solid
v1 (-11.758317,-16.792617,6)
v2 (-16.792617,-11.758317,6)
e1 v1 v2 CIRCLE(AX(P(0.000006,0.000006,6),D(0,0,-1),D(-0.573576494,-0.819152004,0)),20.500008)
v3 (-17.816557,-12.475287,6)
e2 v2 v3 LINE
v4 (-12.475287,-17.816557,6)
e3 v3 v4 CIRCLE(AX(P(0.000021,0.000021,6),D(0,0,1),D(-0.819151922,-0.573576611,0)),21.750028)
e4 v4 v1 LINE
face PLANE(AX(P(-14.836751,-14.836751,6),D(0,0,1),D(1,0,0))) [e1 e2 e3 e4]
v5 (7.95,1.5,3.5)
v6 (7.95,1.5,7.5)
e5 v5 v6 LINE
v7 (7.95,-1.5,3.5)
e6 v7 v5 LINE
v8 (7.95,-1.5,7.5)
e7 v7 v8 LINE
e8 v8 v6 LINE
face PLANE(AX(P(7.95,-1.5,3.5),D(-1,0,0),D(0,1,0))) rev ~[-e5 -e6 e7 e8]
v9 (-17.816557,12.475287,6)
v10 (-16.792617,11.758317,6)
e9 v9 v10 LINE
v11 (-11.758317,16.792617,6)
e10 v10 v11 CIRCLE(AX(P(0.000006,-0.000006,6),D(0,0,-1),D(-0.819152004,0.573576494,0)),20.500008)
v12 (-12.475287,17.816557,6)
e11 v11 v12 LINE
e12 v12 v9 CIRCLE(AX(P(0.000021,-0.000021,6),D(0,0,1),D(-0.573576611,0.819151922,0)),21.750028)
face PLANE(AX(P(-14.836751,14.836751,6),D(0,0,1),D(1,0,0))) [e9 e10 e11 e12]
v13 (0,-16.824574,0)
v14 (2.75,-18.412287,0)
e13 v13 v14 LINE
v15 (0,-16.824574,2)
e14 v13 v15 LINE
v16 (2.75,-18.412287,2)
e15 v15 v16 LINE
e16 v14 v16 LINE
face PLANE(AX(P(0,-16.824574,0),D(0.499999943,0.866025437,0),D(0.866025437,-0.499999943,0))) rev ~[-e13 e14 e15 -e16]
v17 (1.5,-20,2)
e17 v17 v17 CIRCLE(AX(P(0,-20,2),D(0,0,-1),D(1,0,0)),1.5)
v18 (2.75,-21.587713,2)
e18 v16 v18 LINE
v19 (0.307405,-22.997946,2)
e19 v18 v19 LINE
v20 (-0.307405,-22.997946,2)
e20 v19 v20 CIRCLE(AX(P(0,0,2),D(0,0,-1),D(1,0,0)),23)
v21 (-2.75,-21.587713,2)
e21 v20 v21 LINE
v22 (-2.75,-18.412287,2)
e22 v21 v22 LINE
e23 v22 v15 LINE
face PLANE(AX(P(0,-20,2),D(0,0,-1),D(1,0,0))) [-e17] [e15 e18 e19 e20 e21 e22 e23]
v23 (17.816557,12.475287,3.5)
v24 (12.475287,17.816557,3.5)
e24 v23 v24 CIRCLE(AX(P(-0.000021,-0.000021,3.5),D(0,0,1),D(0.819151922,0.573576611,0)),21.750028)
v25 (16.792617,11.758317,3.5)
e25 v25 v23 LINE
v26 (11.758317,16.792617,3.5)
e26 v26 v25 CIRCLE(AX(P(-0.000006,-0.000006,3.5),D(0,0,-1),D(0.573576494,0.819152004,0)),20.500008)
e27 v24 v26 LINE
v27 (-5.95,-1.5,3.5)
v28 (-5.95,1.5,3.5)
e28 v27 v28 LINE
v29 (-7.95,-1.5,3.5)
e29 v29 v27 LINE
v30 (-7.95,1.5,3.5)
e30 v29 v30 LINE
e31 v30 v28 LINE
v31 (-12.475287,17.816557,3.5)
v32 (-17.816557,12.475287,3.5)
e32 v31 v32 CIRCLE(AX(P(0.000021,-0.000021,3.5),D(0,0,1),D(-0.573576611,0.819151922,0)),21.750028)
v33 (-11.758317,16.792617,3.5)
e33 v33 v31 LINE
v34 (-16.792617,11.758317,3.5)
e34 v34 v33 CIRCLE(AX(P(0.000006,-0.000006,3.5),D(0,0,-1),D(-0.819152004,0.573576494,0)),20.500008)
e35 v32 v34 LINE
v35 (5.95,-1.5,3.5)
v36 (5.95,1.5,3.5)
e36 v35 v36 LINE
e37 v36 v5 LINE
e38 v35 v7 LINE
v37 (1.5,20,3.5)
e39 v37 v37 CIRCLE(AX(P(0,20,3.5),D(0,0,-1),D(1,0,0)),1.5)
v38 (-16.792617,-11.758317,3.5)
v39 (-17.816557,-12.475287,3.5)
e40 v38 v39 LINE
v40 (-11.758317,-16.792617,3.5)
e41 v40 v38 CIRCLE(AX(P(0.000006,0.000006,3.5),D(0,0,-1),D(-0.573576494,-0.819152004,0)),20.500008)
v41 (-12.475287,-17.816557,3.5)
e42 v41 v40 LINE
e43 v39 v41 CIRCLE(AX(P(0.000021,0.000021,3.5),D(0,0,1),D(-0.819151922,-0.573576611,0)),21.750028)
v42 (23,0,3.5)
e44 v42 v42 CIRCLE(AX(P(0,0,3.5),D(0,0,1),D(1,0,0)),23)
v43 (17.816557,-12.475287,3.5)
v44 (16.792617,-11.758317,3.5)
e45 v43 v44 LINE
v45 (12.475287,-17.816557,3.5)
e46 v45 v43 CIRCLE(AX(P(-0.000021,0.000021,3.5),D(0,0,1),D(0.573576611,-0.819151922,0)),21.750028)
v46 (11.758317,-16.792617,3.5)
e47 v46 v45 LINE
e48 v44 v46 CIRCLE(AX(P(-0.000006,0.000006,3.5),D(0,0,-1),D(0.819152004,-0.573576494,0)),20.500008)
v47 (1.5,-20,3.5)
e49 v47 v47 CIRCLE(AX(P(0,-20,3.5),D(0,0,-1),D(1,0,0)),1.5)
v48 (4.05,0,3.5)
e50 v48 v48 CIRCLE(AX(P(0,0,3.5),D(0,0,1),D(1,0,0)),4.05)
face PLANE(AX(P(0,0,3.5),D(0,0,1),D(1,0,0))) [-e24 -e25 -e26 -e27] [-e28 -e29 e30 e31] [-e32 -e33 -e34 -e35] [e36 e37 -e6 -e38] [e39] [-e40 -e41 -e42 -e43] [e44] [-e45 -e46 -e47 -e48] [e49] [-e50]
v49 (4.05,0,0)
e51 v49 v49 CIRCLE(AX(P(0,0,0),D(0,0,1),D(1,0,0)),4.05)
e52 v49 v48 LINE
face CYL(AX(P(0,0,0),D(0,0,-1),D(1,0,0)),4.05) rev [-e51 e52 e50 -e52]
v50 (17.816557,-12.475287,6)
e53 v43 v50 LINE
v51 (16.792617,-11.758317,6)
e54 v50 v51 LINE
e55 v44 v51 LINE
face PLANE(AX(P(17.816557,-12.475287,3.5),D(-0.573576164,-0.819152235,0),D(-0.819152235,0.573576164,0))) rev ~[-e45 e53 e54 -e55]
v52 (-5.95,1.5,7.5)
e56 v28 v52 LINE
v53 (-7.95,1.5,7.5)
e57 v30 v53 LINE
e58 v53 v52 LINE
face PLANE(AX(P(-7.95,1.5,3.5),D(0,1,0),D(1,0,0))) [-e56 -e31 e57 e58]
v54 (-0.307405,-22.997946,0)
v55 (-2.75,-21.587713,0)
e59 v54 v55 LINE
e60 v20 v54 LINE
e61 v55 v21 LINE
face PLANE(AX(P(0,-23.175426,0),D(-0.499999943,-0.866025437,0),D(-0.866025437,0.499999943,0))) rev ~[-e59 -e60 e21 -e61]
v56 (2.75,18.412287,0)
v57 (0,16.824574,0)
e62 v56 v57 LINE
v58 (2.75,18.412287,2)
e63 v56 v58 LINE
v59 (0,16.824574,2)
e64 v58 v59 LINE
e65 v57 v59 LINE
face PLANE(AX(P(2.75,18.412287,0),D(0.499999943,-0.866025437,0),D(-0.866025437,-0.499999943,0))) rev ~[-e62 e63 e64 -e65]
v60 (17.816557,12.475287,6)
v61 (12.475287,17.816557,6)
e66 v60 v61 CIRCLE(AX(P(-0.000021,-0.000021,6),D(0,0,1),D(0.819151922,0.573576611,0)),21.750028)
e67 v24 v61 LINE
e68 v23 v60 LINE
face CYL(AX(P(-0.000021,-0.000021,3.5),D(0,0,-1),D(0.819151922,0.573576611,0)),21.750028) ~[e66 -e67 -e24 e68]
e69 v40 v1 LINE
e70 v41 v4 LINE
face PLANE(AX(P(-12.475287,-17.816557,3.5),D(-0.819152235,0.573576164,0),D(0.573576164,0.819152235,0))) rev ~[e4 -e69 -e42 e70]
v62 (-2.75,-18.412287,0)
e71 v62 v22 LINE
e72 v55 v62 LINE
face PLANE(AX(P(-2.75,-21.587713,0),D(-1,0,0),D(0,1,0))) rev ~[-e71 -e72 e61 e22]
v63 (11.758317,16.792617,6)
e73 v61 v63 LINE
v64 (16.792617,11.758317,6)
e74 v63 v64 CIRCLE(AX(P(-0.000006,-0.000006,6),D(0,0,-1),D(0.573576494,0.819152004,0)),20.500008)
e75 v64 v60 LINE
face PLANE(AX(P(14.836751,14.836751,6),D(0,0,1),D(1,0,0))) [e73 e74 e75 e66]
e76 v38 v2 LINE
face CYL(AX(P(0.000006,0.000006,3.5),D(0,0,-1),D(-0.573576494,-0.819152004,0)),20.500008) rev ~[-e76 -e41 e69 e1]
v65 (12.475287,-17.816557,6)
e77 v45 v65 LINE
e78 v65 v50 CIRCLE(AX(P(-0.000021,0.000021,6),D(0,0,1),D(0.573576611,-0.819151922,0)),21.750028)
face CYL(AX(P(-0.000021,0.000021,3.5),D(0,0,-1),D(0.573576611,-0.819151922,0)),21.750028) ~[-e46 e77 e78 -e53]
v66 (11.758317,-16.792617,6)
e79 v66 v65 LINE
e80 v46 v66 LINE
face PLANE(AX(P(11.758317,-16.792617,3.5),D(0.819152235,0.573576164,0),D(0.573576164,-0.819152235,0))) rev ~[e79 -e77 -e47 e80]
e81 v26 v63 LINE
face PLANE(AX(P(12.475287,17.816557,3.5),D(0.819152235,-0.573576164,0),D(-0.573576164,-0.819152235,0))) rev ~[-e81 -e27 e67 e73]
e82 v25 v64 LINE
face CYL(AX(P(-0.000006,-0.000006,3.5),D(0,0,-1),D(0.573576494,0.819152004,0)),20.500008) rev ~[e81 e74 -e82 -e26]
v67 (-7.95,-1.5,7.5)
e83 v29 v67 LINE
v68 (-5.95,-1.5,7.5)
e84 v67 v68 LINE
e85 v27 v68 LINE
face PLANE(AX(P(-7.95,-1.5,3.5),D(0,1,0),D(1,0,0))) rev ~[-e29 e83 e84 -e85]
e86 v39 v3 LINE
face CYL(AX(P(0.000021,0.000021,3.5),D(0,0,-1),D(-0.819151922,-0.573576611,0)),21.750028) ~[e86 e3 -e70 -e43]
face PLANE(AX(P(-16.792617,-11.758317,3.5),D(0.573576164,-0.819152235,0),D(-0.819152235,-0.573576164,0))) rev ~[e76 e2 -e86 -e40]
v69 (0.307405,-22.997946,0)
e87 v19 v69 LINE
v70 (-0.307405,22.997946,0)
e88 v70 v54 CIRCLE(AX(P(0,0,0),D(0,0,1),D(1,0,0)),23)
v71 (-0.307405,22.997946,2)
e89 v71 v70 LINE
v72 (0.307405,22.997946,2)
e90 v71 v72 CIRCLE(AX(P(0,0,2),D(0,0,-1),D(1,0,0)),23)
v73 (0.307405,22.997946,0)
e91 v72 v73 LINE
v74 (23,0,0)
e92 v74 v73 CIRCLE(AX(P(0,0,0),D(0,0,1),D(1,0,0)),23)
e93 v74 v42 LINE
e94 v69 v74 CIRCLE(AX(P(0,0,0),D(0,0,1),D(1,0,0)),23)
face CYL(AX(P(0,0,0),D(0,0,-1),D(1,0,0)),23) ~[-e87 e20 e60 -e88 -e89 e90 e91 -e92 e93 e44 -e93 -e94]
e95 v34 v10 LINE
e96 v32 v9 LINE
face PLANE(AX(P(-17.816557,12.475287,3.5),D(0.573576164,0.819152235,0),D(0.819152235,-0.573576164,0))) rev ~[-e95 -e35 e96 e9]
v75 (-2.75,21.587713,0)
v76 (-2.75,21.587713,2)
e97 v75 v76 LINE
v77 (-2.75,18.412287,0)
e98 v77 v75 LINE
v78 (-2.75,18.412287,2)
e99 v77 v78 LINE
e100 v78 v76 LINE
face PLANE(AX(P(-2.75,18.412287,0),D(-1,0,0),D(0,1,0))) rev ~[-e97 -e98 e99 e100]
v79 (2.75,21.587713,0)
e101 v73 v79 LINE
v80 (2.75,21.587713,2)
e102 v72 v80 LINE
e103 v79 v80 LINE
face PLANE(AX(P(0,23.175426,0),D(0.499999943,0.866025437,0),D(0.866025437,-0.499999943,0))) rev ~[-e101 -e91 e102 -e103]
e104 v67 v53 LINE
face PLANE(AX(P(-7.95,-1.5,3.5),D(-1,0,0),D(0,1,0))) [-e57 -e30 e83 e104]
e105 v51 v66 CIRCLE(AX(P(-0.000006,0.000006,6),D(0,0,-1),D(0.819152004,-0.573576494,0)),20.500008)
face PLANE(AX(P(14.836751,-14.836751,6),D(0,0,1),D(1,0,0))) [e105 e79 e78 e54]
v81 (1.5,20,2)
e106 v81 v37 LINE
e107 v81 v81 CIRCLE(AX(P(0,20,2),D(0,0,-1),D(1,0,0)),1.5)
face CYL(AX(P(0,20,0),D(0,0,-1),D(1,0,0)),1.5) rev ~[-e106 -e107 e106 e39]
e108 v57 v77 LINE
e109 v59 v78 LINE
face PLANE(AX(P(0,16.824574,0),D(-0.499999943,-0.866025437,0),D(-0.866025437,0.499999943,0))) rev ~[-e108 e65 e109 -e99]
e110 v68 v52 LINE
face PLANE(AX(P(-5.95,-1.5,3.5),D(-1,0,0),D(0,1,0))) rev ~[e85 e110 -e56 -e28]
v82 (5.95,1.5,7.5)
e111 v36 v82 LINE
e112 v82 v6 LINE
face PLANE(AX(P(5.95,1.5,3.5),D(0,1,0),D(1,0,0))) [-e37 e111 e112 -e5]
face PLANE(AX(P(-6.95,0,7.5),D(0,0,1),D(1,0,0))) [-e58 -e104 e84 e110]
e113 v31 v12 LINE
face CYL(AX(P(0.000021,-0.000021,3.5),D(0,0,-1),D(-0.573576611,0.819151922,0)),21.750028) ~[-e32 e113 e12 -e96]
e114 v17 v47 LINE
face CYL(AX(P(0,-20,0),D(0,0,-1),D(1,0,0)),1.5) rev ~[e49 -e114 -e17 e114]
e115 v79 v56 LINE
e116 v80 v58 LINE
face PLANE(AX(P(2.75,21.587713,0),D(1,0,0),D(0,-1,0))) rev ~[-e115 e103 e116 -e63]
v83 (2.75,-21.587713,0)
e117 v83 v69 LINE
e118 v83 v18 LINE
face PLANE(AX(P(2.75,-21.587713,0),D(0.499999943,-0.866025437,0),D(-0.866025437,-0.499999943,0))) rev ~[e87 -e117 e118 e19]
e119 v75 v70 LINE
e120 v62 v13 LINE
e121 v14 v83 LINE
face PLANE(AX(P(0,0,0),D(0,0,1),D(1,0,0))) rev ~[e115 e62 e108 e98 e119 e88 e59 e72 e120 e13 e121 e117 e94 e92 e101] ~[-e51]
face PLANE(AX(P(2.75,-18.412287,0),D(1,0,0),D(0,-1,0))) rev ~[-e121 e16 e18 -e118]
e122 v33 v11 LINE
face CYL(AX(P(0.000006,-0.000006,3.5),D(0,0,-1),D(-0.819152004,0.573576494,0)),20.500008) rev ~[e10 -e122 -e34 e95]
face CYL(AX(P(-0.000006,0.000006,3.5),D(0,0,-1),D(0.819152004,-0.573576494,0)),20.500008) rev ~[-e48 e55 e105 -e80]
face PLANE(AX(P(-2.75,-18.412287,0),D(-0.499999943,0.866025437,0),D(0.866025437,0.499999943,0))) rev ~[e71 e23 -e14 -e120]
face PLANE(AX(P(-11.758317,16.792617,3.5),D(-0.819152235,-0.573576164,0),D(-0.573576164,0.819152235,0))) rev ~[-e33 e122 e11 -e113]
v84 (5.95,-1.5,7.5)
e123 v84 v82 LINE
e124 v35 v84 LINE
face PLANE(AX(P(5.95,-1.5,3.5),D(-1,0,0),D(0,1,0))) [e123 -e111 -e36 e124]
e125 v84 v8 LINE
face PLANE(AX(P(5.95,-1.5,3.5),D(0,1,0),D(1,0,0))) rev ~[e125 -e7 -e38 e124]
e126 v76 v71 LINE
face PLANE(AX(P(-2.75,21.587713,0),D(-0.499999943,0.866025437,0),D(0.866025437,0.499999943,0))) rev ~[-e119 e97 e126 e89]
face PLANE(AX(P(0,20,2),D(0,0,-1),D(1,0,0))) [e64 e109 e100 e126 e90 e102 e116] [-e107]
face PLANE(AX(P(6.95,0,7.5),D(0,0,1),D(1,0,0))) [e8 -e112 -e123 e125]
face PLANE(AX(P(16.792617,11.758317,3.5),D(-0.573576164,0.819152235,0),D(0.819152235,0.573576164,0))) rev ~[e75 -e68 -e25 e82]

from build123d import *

# Parameters (mm, degrees)
F0_R     = 23
F0_R_2   = 4.05
F1_DEPTH = 3.5
F3_DEPTH = 2.5
F4_W     = 2
F4_H     = 3
F5_DEPTH = 4
F6_R     = 1.5
F7_DEPTH = 25
F9_DEPTH = 2


with BuildPart() as f1:
    # F0 (on Top) → F1 (new body)
    with BuildSketch(Plane.XY):
        Circle(F0_R)
        Circle(F0_R_2, mode=Mode.SUBTRACT)
    extrude(amount=F1_DEPTH)

    # F2 (on face) → F3 (join)
    with BuildSketch(Plane.XY.offset(3.5)):
        with BuildLine():
            Line((16.792617, 11.758317), (17.816557, 12.475287))
            ThreePointArc((17.816557, 12.475287), (15.379572, 15.379572), (12.475287, 17.816557))
            Line((12.475287, 17.816557), (11.758317, 16.792617))
            ThreePointArc((11.758317, 16.792617), (14.495689, 14.495689), (16.792617, 11.758317))
        make_face()
        with BuildLine():
            ThreePointArc((-16.792617, 11.758317), (-14.495689, 14.495689), (-11.758317, 16.792617))
            Line((-11.758317, 16.792617), (-12.475287, 17.816557))
            ThreePointArc((-12.475287, 17.816557), (-15.379572, 15.379572), (-17.816557, 12.475287))
            Line((-17.816557, 12.475287), (-16.792617, 11.758317))
        make_face()
        with BuildLine():
            ThreePointArc((-11.758317, -16.792617), (-14.495689, -14.495689), (-16.792617, -11.758317))
            Line((-16.792617, -11.758317), (-17.816557, -12.475287))
            ThreePointArc((-17.816557, -12.475287), (-15.379572, -15.379572), (-12.475287, -17.816557))
            Line((-12.475287, -17.816557), (-11.758317, -16.792617))
        make_face()
        with BuildLine():
            ThreePointArc((16.792617, -11.758317), (14.495689, -14.495689), (11.758317, -16.792617))
            Line((11.758317, -16.792617), (12.475287, -17.816557))
            ThreePointArc((12.475287, -17.816557), (15.379572, -15.379572), (17.816557, -12.475287))
            Line((17.816557, -12.475287), (16.792617, -11.758317))
        make_face()
    extrude(amount=F3_DEPTH)

    # F4 (on face) → F5 (join)
    with BuildSketch(Plane.XY.offset(3.5)):
        with Locations((6.95, 0)):
            Rectangle(F4_W, F4_H)
        with Locations((-6.95, 0)):
            Rectangle(F4_W, F4_H)
    extrude(amount=F5_DEPTH)

    # F6 (on face) → F7 (cut)
    with BuildSketch(Plane(origin=(0, 0, 0), x_dir=(1, 0, 0), z_dir=(0, 0, -1))):
        with Locations((0, 20)):
            Circle(F6_R)
        with Locations((0, -20)):
            Circle(F6_R)
    extrude(amount=-F7_DEPTH, mode=Mode.SUBTRACT)

    # F8 (on face) → F9 (cut)
    with BuildSketch(Plane(origin=(0, 0, 0), x_dir=(1, 0, 0), z_dir=(0, 0, -1))):
        Polygon((-2.75, 21.587713), (-2.75, 18.412287), (0, 16.824574), (2.75, 18.412287), (2.75, 21.587713), (0, 23.175426), align=None)
        Polygon((2.75, -21.587713), (2.75, -18.412287), (0, -16.824574), (-2.75, -18.412287), (-2.75, -21.587713), (0, -23.175426), align=None)
    extrude(amount=-F9_DEPTH, mode=Mode.SUBTRACT)


solid = f1.part
